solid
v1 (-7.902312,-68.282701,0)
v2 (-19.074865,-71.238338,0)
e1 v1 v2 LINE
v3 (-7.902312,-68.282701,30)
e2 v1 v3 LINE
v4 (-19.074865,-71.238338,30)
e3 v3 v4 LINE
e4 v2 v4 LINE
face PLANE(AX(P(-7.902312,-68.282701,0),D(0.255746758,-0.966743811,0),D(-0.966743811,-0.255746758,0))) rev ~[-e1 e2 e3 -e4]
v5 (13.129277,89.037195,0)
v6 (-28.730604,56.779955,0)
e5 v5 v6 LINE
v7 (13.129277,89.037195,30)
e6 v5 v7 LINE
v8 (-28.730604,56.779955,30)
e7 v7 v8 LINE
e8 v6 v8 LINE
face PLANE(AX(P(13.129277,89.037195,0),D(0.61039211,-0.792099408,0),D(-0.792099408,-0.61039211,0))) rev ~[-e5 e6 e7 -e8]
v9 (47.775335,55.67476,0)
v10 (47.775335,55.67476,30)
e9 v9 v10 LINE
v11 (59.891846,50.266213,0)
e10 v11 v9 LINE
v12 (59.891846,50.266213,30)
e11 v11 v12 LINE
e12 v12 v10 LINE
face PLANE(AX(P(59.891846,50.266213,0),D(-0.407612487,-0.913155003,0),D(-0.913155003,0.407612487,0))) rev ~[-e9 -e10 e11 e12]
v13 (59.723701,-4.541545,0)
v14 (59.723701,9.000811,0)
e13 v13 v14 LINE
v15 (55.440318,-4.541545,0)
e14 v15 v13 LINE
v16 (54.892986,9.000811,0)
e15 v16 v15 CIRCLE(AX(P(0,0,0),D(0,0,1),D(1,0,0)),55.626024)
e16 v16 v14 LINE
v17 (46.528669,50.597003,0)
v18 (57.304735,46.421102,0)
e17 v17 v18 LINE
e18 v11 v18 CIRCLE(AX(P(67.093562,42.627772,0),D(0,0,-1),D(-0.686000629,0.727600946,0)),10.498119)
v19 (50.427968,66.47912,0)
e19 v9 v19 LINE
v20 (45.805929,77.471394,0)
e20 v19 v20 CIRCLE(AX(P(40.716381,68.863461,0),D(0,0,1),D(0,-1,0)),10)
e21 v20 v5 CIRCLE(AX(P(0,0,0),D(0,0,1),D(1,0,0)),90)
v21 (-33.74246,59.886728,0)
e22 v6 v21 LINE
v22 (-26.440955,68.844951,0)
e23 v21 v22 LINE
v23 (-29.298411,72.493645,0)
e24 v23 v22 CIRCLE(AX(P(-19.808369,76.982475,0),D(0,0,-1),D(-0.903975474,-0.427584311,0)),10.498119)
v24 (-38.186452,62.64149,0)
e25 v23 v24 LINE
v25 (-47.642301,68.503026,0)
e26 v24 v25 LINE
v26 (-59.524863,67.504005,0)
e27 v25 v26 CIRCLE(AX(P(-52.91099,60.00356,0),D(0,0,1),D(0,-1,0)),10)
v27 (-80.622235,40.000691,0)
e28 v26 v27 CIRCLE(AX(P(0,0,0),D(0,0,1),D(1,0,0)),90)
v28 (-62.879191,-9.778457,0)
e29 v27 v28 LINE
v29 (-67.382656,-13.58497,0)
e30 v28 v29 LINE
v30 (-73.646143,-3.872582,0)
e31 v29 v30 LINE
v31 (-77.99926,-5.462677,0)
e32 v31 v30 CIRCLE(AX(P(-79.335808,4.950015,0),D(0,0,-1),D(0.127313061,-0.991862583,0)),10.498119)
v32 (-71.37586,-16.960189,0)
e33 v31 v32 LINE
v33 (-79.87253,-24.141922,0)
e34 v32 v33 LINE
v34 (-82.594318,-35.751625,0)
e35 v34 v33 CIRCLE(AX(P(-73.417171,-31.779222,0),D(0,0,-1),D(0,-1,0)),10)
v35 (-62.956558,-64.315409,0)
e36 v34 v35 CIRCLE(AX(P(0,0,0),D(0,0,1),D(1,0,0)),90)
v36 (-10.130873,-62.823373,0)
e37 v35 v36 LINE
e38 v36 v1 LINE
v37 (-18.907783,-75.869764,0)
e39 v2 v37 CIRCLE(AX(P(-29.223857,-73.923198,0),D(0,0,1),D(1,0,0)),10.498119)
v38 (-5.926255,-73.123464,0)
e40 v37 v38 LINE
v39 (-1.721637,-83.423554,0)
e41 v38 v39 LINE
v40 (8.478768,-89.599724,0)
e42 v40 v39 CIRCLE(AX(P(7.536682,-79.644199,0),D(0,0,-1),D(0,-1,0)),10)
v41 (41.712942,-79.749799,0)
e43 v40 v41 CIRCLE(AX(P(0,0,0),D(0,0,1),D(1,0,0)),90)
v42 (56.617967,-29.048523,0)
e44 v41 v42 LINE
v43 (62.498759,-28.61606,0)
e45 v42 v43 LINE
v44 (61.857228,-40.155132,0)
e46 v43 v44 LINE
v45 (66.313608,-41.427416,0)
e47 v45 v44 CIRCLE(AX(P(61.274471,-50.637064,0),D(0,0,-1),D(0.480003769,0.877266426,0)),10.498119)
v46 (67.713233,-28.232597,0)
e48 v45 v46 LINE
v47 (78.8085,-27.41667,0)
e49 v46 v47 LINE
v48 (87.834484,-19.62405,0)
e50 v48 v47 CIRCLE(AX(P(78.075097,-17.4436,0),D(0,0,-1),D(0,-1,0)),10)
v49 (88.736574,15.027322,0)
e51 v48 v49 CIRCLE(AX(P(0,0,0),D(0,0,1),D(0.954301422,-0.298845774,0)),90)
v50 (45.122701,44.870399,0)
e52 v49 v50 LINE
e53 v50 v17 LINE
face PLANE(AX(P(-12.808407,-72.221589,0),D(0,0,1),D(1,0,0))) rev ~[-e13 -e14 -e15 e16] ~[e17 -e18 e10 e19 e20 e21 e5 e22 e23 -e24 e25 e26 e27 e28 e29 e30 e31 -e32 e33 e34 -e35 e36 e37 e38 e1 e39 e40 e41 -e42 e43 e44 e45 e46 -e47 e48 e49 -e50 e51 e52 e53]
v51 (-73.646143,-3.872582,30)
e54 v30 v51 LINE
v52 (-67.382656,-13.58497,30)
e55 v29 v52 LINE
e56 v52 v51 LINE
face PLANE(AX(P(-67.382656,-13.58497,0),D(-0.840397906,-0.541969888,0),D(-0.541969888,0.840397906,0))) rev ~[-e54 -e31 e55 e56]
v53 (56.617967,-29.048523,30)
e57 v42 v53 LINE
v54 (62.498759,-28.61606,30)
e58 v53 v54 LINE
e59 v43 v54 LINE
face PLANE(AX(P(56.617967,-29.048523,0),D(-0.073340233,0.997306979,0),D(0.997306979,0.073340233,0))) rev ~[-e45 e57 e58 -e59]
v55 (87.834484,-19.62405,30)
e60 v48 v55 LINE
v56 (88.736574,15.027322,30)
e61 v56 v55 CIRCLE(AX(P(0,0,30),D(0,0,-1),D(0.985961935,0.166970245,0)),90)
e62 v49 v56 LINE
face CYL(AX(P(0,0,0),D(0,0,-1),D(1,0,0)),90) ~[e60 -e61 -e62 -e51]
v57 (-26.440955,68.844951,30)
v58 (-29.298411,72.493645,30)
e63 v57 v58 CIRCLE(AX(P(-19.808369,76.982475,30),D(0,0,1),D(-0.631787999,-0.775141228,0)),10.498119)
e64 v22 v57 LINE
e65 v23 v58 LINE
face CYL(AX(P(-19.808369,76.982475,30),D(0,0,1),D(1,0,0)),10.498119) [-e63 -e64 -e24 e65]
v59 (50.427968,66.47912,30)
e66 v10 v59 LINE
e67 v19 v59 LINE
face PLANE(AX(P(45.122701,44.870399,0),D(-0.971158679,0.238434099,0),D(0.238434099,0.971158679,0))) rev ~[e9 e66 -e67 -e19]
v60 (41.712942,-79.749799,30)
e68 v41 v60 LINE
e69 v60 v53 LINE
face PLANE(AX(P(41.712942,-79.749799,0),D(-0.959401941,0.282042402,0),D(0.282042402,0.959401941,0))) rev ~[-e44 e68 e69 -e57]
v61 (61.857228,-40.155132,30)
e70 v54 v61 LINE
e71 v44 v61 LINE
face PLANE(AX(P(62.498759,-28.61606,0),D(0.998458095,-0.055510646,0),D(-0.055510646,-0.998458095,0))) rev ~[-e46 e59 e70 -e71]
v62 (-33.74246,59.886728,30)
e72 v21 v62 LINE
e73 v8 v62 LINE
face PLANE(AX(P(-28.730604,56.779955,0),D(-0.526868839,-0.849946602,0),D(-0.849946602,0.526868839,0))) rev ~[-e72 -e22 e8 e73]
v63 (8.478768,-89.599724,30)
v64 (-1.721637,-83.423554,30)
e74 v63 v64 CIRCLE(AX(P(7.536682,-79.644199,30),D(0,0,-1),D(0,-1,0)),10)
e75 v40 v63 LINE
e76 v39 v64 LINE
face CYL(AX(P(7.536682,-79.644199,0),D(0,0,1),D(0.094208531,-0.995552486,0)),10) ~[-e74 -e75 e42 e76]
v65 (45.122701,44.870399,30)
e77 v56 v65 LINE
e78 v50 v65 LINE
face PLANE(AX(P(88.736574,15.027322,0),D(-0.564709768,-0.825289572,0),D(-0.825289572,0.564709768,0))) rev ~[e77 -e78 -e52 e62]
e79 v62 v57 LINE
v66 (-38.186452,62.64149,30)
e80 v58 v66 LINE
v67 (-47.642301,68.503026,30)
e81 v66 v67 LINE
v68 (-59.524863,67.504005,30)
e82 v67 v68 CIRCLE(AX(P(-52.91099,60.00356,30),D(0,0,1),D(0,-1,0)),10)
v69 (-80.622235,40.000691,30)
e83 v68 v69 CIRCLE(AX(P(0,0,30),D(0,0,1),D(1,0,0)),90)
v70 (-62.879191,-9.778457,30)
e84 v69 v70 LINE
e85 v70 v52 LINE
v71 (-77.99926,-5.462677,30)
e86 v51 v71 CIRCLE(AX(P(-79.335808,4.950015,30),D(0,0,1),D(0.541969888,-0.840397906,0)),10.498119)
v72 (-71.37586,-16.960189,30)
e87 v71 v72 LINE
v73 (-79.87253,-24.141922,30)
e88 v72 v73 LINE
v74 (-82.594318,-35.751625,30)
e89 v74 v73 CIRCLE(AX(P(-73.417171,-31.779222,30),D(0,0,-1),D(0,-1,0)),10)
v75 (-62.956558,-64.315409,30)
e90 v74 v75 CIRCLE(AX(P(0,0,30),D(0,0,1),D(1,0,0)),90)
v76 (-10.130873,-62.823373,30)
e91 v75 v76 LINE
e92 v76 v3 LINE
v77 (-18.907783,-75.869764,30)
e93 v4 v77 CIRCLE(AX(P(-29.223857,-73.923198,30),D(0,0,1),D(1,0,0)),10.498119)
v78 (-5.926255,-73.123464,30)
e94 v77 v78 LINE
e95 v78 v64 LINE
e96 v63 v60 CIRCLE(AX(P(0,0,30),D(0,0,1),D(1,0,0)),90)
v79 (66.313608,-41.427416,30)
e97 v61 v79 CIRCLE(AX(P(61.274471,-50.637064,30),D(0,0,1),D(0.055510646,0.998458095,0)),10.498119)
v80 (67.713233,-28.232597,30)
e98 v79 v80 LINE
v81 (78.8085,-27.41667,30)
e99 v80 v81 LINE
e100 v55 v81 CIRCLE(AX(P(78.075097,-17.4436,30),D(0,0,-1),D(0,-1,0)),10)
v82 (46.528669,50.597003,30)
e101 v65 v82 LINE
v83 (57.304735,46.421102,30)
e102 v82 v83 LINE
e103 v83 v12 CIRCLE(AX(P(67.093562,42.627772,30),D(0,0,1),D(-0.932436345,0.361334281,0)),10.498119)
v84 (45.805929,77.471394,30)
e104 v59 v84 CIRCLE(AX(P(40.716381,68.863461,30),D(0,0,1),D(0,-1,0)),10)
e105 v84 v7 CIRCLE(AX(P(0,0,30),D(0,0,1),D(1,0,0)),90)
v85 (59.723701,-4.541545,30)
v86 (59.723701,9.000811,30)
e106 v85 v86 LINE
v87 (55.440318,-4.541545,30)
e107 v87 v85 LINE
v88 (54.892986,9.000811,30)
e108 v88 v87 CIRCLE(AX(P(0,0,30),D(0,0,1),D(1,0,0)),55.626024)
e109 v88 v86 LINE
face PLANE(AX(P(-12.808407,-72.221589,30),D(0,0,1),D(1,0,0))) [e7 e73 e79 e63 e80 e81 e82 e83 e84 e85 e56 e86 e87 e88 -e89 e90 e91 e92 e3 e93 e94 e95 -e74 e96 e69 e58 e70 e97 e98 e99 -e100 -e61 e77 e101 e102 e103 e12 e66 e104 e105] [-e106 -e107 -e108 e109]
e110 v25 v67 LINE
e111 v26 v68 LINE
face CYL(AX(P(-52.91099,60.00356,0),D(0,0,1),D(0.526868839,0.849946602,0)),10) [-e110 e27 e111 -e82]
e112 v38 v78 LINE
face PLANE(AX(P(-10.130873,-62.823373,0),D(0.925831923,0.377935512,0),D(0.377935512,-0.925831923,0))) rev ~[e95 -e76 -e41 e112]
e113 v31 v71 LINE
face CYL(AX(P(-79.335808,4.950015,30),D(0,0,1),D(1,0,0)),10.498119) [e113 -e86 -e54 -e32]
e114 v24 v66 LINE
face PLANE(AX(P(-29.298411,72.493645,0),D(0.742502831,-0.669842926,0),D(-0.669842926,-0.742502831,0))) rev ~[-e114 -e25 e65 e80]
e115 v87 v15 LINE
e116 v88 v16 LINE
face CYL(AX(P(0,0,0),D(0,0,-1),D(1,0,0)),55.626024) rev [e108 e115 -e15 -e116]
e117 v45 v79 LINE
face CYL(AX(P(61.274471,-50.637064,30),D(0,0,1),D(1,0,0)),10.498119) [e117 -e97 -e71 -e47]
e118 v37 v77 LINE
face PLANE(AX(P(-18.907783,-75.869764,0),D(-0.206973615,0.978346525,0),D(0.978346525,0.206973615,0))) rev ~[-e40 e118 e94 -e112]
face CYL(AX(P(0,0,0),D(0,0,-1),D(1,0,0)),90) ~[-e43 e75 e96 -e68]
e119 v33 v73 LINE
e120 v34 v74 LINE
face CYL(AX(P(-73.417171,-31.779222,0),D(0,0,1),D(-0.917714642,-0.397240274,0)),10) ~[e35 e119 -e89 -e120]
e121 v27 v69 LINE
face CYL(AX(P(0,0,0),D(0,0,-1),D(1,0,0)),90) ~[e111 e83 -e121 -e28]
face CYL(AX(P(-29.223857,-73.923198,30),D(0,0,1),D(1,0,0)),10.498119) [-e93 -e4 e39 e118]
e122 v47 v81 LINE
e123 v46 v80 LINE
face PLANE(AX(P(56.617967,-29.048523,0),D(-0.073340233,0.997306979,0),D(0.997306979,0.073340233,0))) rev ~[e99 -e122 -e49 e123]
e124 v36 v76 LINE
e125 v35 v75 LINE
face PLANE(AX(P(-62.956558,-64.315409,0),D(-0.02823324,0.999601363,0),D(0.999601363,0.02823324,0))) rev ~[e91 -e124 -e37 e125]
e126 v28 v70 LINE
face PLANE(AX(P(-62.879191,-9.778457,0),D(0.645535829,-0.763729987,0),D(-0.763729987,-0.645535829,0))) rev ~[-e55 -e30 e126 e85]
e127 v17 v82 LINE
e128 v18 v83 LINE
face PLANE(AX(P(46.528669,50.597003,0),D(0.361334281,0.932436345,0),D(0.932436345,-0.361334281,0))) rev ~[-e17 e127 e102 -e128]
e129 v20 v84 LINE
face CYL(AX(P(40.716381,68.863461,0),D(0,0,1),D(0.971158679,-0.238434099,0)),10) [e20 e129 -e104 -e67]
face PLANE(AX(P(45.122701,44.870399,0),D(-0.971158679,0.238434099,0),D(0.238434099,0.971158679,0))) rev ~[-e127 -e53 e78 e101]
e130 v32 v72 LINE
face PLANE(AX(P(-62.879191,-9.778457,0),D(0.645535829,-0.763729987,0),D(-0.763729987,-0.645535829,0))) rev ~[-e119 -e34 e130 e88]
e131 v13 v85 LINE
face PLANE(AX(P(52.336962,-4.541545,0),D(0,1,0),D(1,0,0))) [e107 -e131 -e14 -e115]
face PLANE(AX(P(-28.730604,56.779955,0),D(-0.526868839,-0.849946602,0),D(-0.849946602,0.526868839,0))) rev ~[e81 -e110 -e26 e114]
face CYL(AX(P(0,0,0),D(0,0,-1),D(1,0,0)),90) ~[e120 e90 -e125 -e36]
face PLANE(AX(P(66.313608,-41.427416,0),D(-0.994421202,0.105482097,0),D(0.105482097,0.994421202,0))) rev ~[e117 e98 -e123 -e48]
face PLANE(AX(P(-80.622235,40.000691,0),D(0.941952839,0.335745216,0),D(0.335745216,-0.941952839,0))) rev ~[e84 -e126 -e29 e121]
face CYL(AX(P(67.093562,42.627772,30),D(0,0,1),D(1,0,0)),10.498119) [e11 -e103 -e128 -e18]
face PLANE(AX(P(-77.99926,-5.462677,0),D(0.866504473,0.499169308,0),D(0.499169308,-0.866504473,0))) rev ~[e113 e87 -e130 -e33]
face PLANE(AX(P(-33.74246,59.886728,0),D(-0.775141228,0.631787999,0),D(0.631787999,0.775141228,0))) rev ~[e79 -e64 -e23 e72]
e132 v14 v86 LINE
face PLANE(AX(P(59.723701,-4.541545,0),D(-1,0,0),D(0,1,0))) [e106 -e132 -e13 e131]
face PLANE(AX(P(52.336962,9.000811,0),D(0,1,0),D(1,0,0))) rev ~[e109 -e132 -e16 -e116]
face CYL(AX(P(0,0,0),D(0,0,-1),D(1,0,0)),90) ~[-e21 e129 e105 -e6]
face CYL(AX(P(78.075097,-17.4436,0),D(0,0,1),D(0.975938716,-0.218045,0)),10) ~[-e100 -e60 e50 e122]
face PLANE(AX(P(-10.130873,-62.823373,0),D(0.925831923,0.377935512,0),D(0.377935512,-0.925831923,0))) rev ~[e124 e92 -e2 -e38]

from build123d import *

# Parameters (mm, degrees)
SKETCH1_R             = 90
BOSS_EXTRUDE1_DEPTH   = 30
CUT_EXTRUDE4_DEPTH    = 30
SKETCH5_R             = 55.626023842
CUT_EXTRUDE5_DEPTH    = 30
SKETCH6_W             = 7.386739777
SKETCH6_H             = 13.542356258
CUT_EXTRUDE6_DEPTH    = 30
FILLET1_R             = 10
SKETCH8_R             = 10.49811893
BOSS_EXTRUDE2_DEPTH   = 30
BOSS_EXTRUDE2_2_DEPTH = 30
BOSS_EXTRUDE2_3_DEPTH = 30
BOSS_EXTRUDE2_4_DEPTH = 30
BOSS_EXTRUDE2_5_DEPTH = 30
BOSS_EXTRUDE4_DEPTH   = 30


with BuildPart() as part:
    # Sketch1 → Boss-Extrude1 (new body)
    with BuildSketch(Plane.XY):
        Circle(SKETCH1_R)
    extrude(amount=BOSS_EXTRUDE1_DEPTH)

    # Sketch4 → Cut-Extrude4 (cut)
    with BuildSketch(Plane.XY):
        with BuildLine():
            Line((88.736574157, 15.027322012), (45.122701232, 44.870398789))
            Line((45.122701232, 44.870398789), (52.120312028, 73.372154623))
            ThreePointArc((52.120312028, 73.372154623), (76.231197482, 47.84145201), (88.736574157, 15.027322012))
        make_face()
        with BuildLine():
            Line((41.712941959, -79.749799204), (56.61796667, -29.048523269))
            Line((56.61796667, -29.048523269), (85.887127938, -26.896119693))
            ThreePointArc((85.887127938, -26.896119693), (69.056660207, -57.716355404), (41.712941959, -79.749799204))
        make_face()
        with BuildLine():
            Line((-62.956558256, -64.315408516), (-10.130873456, -62.823373493))
            Line((-10.130873456, -62.823373493), (0.960852233, -89.994870759))
            ThreePointArc((0.960852233, -89.994870759), (-33.551834325, -83.512121356), (-62.956558256, -64.315408516))
        make_face()
        with BuildLine():
            Line((-80.622234776, 40.000690741), (-62.879190802, -9.778456837))
            Line((-62.879190802, -9.778456837), (-85.2932886, -28.723769249))
            ThreePointArc((-85.2932886, -28.723769249), (-89.792834204, 6.103025933), (-80.622234776, 40.000690741))
        make_face()
        with BuildLine():
            Line((13.129276916, 89.037194967), (-28.730603645, 56.77995481))
            Line((-28.730603645, 56.77995481), (-53.6750036, 72.242605078))
            ThreePointArc((-53.6750036, 72.242605078), (-21.943189159, 87.283998817), (13.129276916, 89.037194967))
        make_face()
    extrude(amount=CUT_EXTRUDE4_DEPTH, mode=Mode.SUBTRACT)

    # Sketch5 → Cut-Extrude5 (cut)
    with BuildSketch(Plane.XY):
        Circle(SKETCH5_R)
    extrude(amount=CUT_EXTRUDE5_DEPTH, mode=Mode.SUBTRACT)

    # Sketch6 → Cut-Extrude6 (cut)
    with BuildSketch(Plane.XY):
        with Locations((56.030331415, 2.229633356)):
            Rectangle(SKETCH6_W, SKETCH6_H)
    extrude(amount=CUT_EXTRUDE6_DEPTH, mode=Mode.SUBTRACT)

    # Fillet1
    fillet1_edges = [part.edges().sort_by_distance(p)[0] for p in [
        (85.887127938, -26.896119693, 15),
        (0.960852233, -89.994870759, 15),
        (-85.2932886, -28.723769249, 15),
        (-53.6750036, 72.242605078, 15),
        (52.120312028, 73.372154623, 15),
    ]]
    fillet(fillet1_edges, radius=FILLET1_R)



with BuildPart() as body_2:
    # Sketch8 → Boss-Extrude2 (new body)
    with BuildSketch(Plane.XY.offset(30)):
        with Locations((67.093562258, 42.627771692)):
            Circle(SKETCH8_R)
    extrude(amount=-BOSS_EXTRUDE2_DEPTH)


with BuildPart() as body_3:
    # Sketch8 → Boss-Extrude2 2 (new body)
    with BuildSketch(Plane.XY.offset(30)):
        with Locations((61.274470993, -50.637063702)):
            Circle(SKETCH8_R)
    extrude(amount=-BOSS_EXTRUDE2_2_DEPTH)


with BuildPart() as body_4:
    # Sketch8 → Boss-Extrude2 3 (new body)
    with BuildSketch(Plane.XY.offset(30)):
        with Locations((-29.223856541, -73.92319815)):
            Circle(SKETCH8_R)
    extrude(amount=-BOSS_EXTRUDE2_3_DEPTH)


with BuildPart() as body_5:
    # Sketch8 → Boss-Extrude2 4 (new body)
    with BuildSketch(Plane.XY.offset(30)):
        with Locations((-79.335807618, 4.950014688)):
            Circle(SKETCH8_R)
    extrude(amount=-BOSS_EXTRUDE2_4_DEPTH)


with BuildPart() as body_6:
    # Sketch8 → Boss-Extrude2 5 (new body)
    with BuildSketch(Plane.XY.offset(30)):
        with Locations((-19.808369092, 76.982475472)):
            Circle(SKETCH8_R)
    extrude(amount=-BOSS_EXTRUDE2_5_DEPTH)


with BuildPart() as part_1:
    add(part.part)

    add(body_2.part)  # Boss-Extrude4 merges body 2

    add(body_3.part)  # Boss-Extrude4 merges body 3

    add(body_4.part)  # Boss-Extrude4 merges body 4

    add(body_5.part)  # Boss-Extrude4 merges body 5

    add(body_6.part)  # Boss-Extrude4 merges body 6
    # Sketch9 → Boss-Extrude4 (add)
    with BuildSketch(Plane.XY):
        with BuildLine():
            Line((-29.298411126, 72.493644527), (-38.186452488, 62.641490221))
            Line((-38.186452488, 62.641490221), (-33.742460025, 59.886727574))
            Line((-33.742460025, 59.886727574), (-26.440954647, 68.84495067))
            ThreePointArc((-26.440954647, 68.84495067), (-28.073538286, 70.509649254), (-29.298411126, 72.493644527))
        make_face()
        with BuildLine():
            Line((46.528668919, 50.597003041), (57.304734615, 46.421101948))
            ThreePointArc((57.304734615, 46.421101948), (58.383460962, 48.48820141), (59.891846071, 50.266212961))
            Line((59.891846071, 50.266212961), (47.775334692, 55.674759504))
            Line((47.775334692, 55.674759504), (46.528668919, 50.597003041))
        make_face()
        with BuildLine():
            Line((62.498758869, -28.616059966), (61.857228356, -40.15513187))
            ThreePointArc((61.857228356, -40.15513187), (64.156501542, -40.54229273), (66.313607647, -41.427416431))
            Line((66.313607647, -41.427416431), (67.713233152, -28.232596532))
            Line((67.713233152, -28.232596532), (62.498758869, -28.616059966))
        make_face()
        with BuildLine():
            Line((-7.902311684, -68.282700724), (-19.074865041, -71.238338267))
            ThreePointArc((-19.074865041, -71.238338267), (-18.73256241, -73.544716298), (-18.907782629, -75.869764382))
            Line((-18.907782629, -75.869764382), (-5.926255116, -73.123463752))
            Line((-5.926255116, -73.123463752), (-7.902311684, -68.282700724))
        make_face()
        with BuildLine():
            Line((-67.382656079, -13.584969925), (-73.646143282, -3.872582481))
            ThreePointArc((-73.646143282, -3.872582481), (-75.733861807, -4.910841636), (-77.999259963, -5.462676675))
            Line((-77.999259963, -5.462676675), (-71.375860239, -16.960189442))
            Line((-71.375860239, -16.960189442), (-67.382656079, -13.584969925))
        make_face()
    extrude(amount=BOSS_EXTRUDE4_DEPTH)


solid = part_1.part
